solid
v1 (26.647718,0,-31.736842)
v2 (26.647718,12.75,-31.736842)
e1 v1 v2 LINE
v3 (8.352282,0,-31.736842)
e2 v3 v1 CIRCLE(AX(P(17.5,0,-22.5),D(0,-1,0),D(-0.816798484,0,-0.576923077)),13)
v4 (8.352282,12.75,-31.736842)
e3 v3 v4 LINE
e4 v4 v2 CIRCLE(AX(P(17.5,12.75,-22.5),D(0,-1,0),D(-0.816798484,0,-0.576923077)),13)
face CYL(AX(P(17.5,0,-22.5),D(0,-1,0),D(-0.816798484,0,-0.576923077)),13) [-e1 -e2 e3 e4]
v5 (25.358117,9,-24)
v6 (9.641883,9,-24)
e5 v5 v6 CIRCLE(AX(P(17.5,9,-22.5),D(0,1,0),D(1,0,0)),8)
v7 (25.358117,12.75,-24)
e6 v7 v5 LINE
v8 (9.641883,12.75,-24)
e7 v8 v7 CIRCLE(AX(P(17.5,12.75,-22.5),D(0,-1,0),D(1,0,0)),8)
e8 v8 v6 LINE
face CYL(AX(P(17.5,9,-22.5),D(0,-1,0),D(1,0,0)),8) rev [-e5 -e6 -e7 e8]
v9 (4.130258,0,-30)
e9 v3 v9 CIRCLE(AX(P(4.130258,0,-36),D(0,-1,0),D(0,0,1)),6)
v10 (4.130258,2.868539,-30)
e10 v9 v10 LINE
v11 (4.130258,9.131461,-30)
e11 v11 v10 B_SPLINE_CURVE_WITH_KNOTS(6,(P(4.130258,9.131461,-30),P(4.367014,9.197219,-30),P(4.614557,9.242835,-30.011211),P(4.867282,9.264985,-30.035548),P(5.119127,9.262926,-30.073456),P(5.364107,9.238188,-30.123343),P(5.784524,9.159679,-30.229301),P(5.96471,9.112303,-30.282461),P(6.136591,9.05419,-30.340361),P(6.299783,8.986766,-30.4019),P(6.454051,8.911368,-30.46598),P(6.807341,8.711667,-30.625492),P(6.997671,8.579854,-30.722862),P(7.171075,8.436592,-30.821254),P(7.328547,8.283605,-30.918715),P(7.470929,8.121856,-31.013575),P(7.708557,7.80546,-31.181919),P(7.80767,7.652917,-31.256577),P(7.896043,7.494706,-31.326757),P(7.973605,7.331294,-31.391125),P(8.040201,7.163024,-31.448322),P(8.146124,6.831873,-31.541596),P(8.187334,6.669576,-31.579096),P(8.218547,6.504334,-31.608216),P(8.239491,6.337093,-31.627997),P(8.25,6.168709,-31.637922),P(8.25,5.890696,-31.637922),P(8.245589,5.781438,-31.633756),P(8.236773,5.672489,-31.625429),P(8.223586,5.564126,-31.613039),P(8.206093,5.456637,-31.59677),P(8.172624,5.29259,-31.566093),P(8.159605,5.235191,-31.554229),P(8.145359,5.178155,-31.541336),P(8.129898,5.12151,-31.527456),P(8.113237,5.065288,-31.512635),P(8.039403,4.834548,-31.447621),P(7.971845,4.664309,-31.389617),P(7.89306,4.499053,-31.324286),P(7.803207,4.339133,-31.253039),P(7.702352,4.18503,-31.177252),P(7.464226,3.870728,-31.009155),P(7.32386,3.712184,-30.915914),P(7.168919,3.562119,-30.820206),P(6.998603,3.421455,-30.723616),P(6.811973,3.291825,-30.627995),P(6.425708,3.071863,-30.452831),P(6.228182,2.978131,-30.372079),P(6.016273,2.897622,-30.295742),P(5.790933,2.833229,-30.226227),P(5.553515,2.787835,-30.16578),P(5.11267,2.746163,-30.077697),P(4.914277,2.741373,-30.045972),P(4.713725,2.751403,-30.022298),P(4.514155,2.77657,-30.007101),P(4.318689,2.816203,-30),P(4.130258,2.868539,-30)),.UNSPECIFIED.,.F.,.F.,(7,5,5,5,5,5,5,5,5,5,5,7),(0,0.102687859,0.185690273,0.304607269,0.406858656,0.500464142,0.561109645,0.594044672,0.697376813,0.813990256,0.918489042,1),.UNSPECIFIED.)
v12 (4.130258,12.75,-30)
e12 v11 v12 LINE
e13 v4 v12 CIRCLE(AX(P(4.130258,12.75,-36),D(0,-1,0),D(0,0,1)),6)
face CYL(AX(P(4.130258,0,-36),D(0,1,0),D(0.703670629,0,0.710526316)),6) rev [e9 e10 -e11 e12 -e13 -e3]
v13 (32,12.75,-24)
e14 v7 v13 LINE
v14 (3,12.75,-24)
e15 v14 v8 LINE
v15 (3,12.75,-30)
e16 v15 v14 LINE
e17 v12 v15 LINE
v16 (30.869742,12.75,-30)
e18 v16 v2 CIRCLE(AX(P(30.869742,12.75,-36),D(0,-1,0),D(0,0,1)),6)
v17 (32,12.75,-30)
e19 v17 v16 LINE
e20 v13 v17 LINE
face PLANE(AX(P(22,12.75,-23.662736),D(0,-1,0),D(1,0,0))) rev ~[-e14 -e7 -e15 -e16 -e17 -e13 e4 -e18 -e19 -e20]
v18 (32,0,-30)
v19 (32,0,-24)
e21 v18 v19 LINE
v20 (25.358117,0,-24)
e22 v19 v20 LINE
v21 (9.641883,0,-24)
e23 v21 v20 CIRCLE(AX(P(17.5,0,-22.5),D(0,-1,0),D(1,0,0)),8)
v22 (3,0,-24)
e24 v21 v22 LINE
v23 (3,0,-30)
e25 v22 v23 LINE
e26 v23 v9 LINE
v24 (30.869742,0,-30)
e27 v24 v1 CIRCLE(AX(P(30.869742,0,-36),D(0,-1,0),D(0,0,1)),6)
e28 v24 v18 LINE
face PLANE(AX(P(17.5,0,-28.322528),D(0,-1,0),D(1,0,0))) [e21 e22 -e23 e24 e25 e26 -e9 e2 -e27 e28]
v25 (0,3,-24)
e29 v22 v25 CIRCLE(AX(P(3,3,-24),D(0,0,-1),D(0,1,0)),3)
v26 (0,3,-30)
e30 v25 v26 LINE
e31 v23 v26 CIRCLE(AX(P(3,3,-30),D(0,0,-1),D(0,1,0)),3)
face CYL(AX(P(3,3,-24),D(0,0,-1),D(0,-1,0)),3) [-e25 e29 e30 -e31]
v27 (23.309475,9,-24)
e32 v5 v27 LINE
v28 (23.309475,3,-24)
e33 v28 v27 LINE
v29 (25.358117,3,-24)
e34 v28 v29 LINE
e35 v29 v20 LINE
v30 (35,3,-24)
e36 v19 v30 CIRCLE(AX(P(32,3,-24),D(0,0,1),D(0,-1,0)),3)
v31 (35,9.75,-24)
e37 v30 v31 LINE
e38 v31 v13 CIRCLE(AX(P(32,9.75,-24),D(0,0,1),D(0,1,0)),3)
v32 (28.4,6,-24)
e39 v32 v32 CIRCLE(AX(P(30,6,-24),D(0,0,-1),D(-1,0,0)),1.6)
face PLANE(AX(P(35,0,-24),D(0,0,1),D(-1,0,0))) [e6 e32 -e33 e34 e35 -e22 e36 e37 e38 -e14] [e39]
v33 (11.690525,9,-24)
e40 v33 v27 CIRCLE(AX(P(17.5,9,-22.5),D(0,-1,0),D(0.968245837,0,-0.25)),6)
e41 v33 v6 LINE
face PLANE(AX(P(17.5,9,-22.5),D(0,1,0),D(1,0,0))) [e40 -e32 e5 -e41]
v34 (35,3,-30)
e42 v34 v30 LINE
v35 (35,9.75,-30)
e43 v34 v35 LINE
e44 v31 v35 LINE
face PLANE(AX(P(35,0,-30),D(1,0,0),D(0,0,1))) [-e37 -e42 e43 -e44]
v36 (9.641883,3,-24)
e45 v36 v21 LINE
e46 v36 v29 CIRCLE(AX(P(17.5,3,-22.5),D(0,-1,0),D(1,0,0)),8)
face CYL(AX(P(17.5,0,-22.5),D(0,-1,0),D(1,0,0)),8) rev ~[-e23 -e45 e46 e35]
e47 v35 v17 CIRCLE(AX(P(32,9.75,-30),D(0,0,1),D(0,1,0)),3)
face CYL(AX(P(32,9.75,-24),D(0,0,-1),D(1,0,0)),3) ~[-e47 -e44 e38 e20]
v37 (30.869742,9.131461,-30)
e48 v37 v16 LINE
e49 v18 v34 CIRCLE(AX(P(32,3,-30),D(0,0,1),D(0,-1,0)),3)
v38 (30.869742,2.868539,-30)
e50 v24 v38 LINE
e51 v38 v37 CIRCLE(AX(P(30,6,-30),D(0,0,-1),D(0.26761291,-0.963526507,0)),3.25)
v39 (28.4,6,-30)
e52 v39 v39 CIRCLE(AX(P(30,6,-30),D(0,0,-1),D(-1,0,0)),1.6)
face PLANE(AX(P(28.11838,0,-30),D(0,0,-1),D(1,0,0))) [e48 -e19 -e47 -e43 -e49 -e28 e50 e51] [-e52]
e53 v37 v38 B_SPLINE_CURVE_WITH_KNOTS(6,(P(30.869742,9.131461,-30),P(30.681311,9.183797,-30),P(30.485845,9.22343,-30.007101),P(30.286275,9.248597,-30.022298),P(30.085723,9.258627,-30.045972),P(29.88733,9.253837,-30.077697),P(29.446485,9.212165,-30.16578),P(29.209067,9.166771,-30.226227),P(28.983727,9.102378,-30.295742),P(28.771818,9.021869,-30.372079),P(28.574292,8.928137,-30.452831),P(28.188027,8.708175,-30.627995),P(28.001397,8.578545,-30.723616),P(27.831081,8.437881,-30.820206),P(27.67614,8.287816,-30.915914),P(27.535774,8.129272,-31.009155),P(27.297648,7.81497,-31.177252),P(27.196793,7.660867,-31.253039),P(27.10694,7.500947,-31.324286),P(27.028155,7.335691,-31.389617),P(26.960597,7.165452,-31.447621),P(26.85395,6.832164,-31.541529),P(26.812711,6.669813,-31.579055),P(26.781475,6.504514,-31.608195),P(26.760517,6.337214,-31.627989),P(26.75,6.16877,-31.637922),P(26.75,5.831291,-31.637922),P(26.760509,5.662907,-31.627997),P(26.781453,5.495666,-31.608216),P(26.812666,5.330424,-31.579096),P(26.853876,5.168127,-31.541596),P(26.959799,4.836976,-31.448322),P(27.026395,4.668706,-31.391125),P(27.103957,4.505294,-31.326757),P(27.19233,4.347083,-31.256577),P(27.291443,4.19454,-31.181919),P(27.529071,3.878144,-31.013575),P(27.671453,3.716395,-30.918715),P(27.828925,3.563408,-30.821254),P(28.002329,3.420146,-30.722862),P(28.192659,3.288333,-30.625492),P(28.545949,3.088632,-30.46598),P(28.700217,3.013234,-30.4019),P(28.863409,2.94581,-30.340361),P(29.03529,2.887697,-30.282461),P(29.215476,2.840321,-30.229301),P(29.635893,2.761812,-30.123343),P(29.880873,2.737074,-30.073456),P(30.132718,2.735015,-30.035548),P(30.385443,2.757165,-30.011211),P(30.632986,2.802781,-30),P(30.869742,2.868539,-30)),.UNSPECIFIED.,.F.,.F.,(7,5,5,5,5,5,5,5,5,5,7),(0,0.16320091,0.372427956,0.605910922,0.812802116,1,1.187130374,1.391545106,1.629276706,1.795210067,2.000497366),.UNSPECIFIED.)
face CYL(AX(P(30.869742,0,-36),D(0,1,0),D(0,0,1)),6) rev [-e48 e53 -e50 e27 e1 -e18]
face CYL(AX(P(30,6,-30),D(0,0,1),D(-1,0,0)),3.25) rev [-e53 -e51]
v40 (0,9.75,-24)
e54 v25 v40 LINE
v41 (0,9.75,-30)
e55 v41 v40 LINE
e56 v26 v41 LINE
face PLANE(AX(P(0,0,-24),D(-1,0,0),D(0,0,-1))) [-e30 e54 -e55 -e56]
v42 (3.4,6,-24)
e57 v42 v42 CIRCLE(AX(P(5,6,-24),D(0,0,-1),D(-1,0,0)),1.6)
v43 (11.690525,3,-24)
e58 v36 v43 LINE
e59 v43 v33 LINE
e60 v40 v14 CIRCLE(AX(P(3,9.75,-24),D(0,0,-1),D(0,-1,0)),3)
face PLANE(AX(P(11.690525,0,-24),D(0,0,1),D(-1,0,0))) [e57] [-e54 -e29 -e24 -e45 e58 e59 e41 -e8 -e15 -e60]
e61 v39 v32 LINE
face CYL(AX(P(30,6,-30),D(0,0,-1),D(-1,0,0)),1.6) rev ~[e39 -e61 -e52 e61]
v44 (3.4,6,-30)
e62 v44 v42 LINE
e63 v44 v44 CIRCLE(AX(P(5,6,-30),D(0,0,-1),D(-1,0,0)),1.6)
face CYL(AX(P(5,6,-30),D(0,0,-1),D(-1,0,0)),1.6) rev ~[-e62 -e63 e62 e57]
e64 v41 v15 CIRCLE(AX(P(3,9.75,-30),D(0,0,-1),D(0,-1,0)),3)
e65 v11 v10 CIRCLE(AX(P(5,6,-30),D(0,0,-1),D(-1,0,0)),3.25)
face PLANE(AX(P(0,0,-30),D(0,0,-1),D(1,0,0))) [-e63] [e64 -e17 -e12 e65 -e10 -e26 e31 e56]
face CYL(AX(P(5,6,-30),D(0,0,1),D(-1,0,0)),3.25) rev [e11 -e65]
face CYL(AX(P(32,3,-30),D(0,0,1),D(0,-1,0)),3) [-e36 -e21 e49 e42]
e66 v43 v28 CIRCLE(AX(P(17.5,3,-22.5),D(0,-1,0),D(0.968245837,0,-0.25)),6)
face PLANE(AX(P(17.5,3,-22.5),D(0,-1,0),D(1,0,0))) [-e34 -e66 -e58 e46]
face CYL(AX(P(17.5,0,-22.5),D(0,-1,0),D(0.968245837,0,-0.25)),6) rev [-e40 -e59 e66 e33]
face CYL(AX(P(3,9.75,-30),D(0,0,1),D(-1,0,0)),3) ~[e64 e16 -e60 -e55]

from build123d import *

# Parameters (mm, degrees)
BOSS_EXTRUDE1_DEPTH = 22
BOSS_EXTRUDE2_DEPTH = 22
SKETCH5_R           = 8
CUT_EXTRUDE5_DEPTH  = 3
CUT_EXTRUDE6_START  = -13
SKETCH6_R           = 8
CUT_EXTRUDE6_DEPTH  = 13
SKETCH8_R           = 2.55
CUT_EXTRUDE7_DEPTH  = 7
SKETCH7_W           = 44
SKETCH7_H           = 29.325472949
CUT_EXTRUDE8_DEPTH  = 9.25
FILLET1_R           = 6
SKETCH10_R          = 3.25
CUT_EXTRUDE9_DEPTH  = 58.619441164
SKETCH11_R          = 1.6
CUT_EXTRUDE10_DEPTH = 6
FILLET3_R           = 3


with BuildPart() as part:
    # Sketch2 → Boss-Extrude1 (new body)
    with BuildSketch(Plane(origin=(0, 0, 0), x_dir=(1, 0, 0), z_dir=(0, 1, 0))):
        with BuildLine():
            Line((0, 0), (44, 0))
            Line((44, 0), (44, 22.5))
            Line((44, 22.5), (23.5, 22.5))
            ThreePointArc((23.5, 22.5), (17.5, 16.5), (11.5, 22.5))
            Line((11.5, 22.5), (0, 22.5))
            Line((0, 22.5), (0, 0))
        make_face()
    extrude(amount=BOSS_EXTRUDE1_DEPTH)


with BuildPart() as body_2:
    # Sketch9 → Boss-Extrude2 (new body)
    with BuildSketch(Plane.XZ):
        with BuildLine():
            Line((11.690524981, -24), (0, -24))
            Line((0, -24), (0, -30))
            Line((0, -30), (6.881619709, -30))
            ThreePointArc((6.881619709, -30), (17.5, -35.5), (28.118380291, -30))
            Line((28.118380291, -30), (35, -30))
            Line((35, -30), (35, -24))
            Line((35, -24), (23.309475019, -24))
            ThreePointArc((23.309475019, -24), (17.5, -28.5), (11.690524981, -24))
        make_face()
    extrude(amount=-BOSS_EXTRUDE2_DEPTH)


with BuildPart() as cut_extrude5_tool:
    # Sketch5 → Cut-Extrude5 (new body)
    with BuildSketch(Plane.XZ):
        with Locations((17.5, -22.5)):
            Circle(SKETCH5_R)
    extrude(amount=-CUT_EXTRUDE5_DEPTH)


with BuildPart() as part_1:
    add(part.part)

    # Cut-Extrude5: cut by cut_extrude5_tool
    add(cut_extrude5_tool.part, mode=Mode.SUBTRACT)


with BuildPart() as body_2_1:
    add(body_2.part)

    # Cut-Extrude5: cut by cut_extrude5_tool
    add(cut_extrude5_tool.part, mode=Mode.SUBTRACT)


with BuildPart() as cut_extrude6_tool:
    # Sketch6 → Cut-Extrude6 (new body)
    with BuildSketch(Plane(origin=(0, 22, 0), x_dir=(1, 0, 0), z_dir=(0, 1, 0)).offset(CUT_EXTRUDE6_START)):
        with Locations((17.5, 22.5)):
            Circle(SKETCH6_R)
    extrude(amount=CUT_EXTRUDE6_DEPTH)


with BuildPart() as part_2:
    add(part_1.part)

    # Cut-Extrude6: cut by cut_extrude6_tool
    add(cut_extrude6_tool.part, mode=Mode.SUBTRACT)

    # Sketch8 → Cut-Extrude7 (cut)
    with BuildSketch(Plane(origin=(0, 0, -22.5), x_dir=(-1, 0, 0), z_dir=(0, 0, -1))):
        with Locations((-5, 6)):
            Circle(SKETCH8_R)
        with Locations(Location((-30, 6, 0), (0, 0, 180))):
            Circle(SKETCH8_R)
    extrude(amount=-CUT_EXTRUDE7_DEPTH, mode=Mode.SUBTRACT)


with BuildPart() as body_2_2:
    add(body_2_1.part)

    # Cut-Extrude6: cut by cut_extrude6_tool
    add(cut_extrude6_tool.part, mode=Mode.SUBTRACT)


with BuildPart() as cut_extrude8_tool:
    # Sketch7 → Cut-Extrude8 (new body)
    with BuildSketch(Plane.XZ.offset(-22)):
        with Locations((22, -23.662736475)):
            Rectangle(SKETCH7_W, SKETCH7_H)
    extrude(amount=CUT_EXTRUDE8_DEPTH)


with BuildPart() as part_3:
    add(part_2.part)

    # Cut-Extrude8: cut by cut_extrude8_tool
    add(cut_extrude8_tool.part, mode=Mode.SUBTRACT)


with BuildPart() as body_2_3:
    add(body_2_2.part)

    # Cut-Extrude8: cut by cut_extrude8_tool
    add(cut_extrude8_tool.part, mode=Mode.SUBTRACT)

    # Fillet1
    fillet1_edges = [body_2_3.edges().sort_by_distance(p)[0] for p in [
        (28.118380291, 6.375, -30),
        (6.881619709, 6.375, -30),
    ]]
    fillet(fillet1_edges, radius=FILLET1_R)

    # Sketch10 → Cut-Extrude9 (cut, through all)
    with BuildSketch(Plane(origin=(0, 0, -30), x_dir=(-1, 0, 0), z_dir=(0, 0, -1))):
        with Locations((-5, 6)):
            Circle(SKETCH10_R)
        with Locations((-30, 6)):
            Circle(SKETCH10_R)
    extrude(amount=CUT_EXTRUDE9_DEPTH, mode=Mode.SUBTRACT)

    # Sketch11 → Cut-Extrude10 (cut)
    with BuildSketch(Plane(origin=(0, 0, -30), x_dir=(-1, 0, 0), z_dir=(0, 0, -1))):
        with Locations((-5, 6)):
            Circle(SKETCH11_R)
        with Locations((-30, 6)):
            Circle(SKETCH11_R)
    extrude(amount=-CUT_EXTRUDE10_DEPTH, mode=Mode.SUBTRACT)

    # Fillet3
    fillet3_edges = [body_2_3.edges().sort_by_distance(p)[0] for p in [
        (0, 0, -27),
        (35, 0, -27),
        (35, 12.75, -27),
        (0, 12.75, -27),
    ]]
    fillet(fillet3_edges, radius=FILLET3_R)


solid = body_2_3.part
